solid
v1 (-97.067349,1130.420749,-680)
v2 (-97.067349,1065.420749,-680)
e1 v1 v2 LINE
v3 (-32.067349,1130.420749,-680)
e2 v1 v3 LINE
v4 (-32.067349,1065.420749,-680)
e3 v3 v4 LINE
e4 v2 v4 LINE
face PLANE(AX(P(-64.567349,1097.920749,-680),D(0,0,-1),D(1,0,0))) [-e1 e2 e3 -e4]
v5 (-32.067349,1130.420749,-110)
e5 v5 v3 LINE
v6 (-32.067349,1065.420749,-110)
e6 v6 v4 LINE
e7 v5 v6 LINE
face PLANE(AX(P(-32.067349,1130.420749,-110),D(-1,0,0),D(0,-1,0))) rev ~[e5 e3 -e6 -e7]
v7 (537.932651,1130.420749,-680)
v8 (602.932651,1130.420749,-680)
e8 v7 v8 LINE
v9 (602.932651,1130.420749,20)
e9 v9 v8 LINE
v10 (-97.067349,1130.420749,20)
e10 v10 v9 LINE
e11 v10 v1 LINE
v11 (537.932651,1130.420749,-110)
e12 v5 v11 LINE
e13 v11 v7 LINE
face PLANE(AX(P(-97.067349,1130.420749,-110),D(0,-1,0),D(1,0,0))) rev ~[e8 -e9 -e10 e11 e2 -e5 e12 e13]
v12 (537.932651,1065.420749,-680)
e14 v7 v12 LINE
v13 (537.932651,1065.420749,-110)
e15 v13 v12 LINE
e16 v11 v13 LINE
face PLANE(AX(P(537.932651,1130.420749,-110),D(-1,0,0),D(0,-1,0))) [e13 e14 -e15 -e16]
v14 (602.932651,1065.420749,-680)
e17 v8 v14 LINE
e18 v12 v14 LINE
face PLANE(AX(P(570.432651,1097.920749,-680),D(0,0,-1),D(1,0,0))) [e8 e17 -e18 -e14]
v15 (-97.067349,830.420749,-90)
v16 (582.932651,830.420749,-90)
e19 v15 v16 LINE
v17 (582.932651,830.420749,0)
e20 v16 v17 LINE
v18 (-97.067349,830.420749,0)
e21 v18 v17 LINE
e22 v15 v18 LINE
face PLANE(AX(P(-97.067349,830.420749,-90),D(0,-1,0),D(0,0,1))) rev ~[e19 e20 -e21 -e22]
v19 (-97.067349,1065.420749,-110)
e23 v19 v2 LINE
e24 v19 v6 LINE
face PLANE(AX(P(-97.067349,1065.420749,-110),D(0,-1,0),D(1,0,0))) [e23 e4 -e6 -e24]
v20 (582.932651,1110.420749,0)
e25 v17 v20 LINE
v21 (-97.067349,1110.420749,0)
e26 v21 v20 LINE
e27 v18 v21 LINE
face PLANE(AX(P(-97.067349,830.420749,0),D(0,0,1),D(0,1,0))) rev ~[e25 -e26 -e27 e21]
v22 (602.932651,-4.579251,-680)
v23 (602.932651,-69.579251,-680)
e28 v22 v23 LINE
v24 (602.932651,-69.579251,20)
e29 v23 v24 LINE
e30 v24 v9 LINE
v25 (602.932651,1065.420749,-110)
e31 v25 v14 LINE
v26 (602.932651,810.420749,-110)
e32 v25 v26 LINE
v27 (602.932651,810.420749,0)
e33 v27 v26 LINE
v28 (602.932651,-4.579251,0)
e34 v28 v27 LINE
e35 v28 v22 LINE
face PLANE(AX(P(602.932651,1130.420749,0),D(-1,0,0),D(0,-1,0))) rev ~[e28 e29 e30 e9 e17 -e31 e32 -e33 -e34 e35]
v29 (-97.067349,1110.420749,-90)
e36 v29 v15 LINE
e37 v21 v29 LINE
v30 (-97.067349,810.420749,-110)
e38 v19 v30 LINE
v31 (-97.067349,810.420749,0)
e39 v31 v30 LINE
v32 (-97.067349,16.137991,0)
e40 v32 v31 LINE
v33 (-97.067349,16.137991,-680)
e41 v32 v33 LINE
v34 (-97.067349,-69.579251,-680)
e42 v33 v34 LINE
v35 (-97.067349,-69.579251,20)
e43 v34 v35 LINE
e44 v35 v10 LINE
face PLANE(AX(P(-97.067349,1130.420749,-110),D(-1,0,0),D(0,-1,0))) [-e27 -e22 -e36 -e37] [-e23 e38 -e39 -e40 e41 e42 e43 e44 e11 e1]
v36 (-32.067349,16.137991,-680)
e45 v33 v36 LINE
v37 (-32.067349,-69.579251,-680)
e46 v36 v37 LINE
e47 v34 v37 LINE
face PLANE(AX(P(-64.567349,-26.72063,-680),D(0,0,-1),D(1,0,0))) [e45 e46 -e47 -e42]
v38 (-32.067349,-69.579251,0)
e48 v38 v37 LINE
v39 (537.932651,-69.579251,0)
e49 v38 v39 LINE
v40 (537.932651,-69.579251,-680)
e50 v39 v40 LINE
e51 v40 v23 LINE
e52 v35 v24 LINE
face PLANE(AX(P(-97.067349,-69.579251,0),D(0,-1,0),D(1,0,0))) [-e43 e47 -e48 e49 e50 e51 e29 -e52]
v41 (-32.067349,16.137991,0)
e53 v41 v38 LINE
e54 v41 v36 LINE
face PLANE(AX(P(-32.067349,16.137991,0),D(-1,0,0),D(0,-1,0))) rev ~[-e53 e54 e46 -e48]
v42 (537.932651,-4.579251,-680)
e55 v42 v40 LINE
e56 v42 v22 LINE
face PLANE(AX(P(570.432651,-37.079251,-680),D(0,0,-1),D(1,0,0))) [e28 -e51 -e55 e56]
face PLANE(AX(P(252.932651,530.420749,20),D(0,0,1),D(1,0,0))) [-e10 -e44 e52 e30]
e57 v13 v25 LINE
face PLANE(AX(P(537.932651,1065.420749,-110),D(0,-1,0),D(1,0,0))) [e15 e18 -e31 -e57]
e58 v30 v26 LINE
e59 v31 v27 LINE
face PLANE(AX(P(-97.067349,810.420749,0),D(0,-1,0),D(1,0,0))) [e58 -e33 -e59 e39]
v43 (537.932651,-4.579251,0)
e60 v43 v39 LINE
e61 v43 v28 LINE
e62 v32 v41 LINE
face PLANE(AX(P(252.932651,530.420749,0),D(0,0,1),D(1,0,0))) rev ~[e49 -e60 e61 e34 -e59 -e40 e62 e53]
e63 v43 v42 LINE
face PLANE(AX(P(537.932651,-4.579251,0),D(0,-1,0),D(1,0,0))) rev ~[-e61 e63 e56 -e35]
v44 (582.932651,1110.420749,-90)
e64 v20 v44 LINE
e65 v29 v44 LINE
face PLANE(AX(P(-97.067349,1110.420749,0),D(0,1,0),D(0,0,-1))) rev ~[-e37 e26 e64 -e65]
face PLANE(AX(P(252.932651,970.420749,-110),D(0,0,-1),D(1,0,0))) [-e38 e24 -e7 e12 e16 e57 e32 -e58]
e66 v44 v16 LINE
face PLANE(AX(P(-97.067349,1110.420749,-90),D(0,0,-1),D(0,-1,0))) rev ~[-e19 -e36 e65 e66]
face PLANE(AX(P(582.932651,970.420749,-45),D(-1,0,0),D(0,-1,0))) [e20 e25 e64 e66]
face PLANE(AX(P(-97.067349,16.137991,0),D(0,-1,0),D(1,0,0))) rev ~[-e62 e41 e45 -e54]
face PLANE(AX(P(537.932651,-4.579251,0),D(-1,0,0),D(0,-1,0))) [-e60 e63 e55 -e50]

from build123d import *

# Parameters (mm, degrees)
F0_W     = 700
F0_H     = 1200
F1_DEPTH = 20
F2_W     = 700
F2_H     = 320
F3_DEPTH = 110
F5_DEPTH = 680
F6_W     = 65
F6_H     = 85.7172418142
F6_H_2   = 65
F7_DEPTH = 680
F8_W     = 65
F8_H     = 65
F9_DEPTH = 570


with BuildPart() as f1:
    # F0 (on Top) → F1 (new body)
    with BuildSketch(Plane.XY):
        with Locations((252.932651341, 530.4207488894)):
            Rectangle(F0_W, F0_H)
    extrude(amount=F1_DEPTH)

    # F2 (on face) → F3 (join)
    with BuildSketch(Plane(origin=(0, 0, 0), x_dir=(1, 0, 0), z_dir=(0, 0, -1))):
        with Locations((252.932651341, -970.4207488894)):
            Rectangle(F2_W, F2_H)
    extrude(amount=F3_DEPTH)

    # F4 (on face) → F5 (cut)
    with BuildSketch(Plane(origin=(-97.067348659, 0, 0), x_dir=(0, -1, 0), z_dir=(-1, 0, 0))):
        Polygon((-830.4207488894, -55), (-830.4207488894, 0), (-1110.4207488894, 0), (-1110.4207488894, -55), (-1110.4207488894, -90), (-1005.1395893097, -90), (-830.4207488894, -90), align=None)
    extrude(amount=-F5_DEPTH, mode=Mode.SUBTRACT)

    # F6 (on face) → F7 (join)
    with BuildSketch(Plane(origin=(0, 0, 0), x_dir=(1, 0, 0), z_dir=(0, 0, -1))):
        with Locations((-64.567348659, 26.7206302035)):
            Rectangle(F6_W, F6_H)
        with Locations((570.432651341, 37.0792511106)):
            Rectangle(F6_W, F6_H_2)
    extrude(amount=F7_DEPTH)

    # F8 (on face) → F9 (join)
    with BuildSketch(Plane(origin=(0, 0, -110), x_dir=(1, 0, 0), z_dir=(0, 0, -1))):
        with Locations((-64.567348659, -1097.9207488894)):
            Rectangle(F8_W, F8_H)
        with Locations((570.432651341, -1097.9207488894)):
            Rectangle(F8_W, F8_H)
    extrude(amount=F9_DEPTH)


solid = f1.part
